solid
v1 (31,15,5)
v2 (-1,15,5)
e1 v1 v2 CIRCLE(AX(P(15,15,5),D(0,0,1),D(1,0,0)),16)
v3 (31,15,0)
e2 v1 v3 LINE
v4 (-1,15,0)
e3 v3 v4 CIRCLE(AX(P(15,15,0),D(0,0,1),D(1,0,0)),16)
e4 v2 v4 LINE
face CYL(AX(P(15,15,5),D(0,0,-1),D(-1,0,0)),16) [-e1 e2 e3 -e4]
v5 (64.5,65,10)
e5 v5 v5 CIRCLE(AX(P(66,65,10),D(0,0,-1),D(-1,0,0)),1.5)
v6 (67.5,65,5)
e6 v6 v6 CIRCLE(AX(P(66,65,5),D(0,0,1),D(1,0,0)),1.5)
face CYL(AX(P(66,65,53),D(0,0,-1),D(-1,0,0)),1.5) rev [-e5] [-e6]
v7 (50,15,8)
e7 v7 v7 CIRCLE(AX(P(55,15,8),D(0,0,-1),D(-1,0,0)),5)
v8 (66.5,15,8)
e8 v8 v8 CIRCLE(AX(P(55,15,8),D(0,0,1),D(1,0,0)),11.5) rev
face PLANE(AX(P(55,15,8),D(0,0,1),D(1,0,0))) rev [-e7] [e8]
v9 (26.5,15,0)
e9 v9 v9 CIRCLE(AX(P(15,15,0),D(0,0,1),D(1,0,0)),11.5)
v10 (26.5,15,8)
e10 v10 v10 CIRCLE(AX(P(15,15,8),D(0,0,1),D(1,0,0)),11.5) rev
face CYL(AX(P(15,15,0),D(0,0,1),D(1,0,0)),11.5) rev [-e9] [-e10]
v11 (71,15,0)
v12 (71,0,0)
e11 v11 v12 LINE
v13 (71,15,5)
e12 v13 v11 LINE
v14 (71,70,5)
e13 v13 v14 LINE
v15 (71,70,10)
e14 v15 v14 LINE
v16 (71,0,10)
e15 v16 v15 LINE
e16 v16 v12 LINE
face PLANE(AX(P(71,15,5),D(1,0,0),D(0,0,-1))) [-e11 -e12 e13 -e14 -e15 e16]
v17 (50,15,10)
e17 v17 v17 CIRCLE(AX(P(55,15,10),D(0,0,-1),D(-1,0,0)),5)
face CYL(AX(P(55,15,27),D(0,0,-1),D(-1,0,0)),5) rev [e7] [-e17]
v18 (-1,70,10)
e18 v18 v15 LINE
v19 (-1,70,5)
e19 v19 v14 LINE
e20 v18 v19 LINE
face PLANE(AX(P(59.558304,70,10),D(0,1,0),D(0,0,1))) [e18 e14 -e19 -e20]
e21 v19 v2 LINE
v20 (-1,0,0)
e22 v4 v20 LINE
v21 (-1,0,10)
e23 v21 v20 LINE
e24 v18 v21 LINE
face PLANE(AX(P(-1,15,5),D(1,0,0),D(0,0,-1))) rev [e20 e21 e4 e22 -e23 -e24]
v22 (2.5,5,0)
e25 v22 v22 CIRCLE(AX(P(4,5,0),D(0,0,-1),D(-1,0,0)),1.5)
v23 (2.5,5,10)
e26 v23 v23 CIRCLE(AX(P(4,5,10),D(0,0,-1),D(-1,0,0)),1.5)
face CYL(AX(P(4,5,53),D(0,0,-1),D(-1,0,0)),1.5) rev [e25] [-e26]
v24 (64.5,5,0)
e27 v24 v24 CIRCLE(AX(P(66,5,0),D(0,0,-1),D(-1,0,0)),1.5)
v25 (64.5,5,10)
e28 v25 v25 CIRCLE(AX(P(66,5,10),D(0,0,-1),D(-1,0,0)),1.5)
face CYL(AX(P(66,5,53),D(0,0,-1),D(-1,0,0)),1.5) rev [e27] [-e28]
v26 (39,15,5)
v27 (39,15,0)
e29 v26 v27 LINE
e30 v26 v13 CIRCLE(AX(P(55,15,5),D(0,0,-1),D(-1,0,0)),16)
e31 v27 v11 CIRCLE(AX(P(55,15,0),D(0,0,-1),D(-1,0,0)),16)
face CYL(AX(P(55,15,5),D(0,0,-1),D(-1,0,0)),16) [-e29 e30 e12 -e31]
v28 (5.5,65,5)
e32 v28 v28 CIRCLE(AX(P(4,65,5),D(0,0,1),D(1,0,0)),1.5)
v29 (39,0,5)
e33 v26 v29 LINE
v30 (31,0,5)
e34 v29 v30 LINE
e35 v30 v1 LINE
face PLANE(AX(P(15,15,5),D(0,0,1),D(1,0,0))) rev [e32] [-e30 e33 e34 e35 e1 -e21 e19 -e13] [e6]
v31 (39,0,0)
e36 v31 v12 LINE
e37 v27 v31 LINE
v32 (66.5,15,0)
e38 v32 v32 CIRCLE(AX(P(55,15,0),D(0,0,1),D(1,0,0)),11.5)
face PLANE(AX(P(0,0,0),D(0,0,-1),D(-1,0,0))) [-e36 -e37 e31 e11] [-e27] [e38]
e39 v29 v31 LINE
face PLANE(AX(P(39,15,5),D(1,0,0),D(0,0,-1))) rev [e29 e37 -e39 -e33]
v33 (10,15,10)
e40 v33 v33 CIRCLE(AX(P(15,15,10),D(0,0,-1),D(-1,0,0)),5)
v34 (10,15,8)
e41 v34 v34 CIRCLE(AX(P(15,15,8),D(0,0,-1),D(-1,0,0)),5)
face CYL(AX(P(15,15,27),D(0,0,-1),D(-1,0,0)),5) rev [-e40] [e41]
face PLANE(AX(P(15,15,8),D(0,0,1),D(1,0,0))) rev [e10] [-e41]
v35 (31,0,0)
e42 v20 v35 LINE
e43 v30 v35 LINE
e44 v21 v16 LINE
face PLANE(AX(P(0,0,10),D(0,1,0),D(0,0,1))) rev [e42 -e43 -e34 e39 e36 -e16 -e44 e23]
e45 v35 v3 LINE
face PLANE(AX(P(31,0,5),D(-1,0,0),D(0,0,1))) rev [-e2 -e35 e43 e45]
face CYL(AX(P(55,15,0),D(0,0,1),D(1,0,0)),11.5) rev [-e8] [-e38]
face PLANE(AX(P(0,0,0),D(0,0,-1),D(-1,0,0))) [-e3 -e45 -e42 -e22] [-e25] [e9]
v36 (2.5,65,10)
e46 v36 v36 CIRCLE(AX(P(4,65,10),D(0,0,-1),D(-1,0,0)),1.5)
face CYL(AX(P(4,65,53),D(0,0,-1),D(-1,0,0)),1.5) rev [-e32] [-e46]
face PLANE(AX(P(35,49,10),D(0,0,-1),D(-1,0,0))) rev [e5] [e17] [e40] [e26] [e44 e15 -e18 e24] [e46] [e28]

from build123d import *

# Parameters (mm, degrees)
SKETCH1_W               = 70
SKETCH1_H               = 70
BOSS_EXTRUDE1_DEPTH     = 10
SKETCH2_R               = 12
SKETCH2_R_2             = 2
SKETCH2_R_3             = 11.5
CUT_EXTRUDE1_DEPTH      = 10
SKETCH3_W               = 10
SKETCH3_H               = 70
BOSS_EXTRUDE2_DEPTH     = 15
SKETCH4_W               = 10
SKETCH4_H               = 70
BOSS_EXTRUDE3_DEPTH     = 15
SKETCH5_R               = 11.5
SKETCH5_R_2             = 4
BOSS_EXTRUDE4_DEPTH     = 2
SKETCH6_R               = 1.5
SKETCH6_R_2             = 1.648708122
CUT_EXTRUDE3_DEPTH      = 10
BOSS_EXTRUDE5_START     = -10
SKETCH7_R               = 11.986708095
SKETCH7_R_2             = 2
BOSS_EXTRUDE5_DEPTH     = 10
SKETCH8_R               = 12
CUT_EXTRUDE4_DEPTH      = 10
SKETCH9_R               = 2
CUT_EXTRUDE5_DEPTH      = 10
CUT_EXTRUDE7_DEPTH      = 5
SKETCH15_W              = 14
SKETCH15_H              = 70
CUT_EXTRUDE8_DEPTH      = 5
CUT_EXTRUDE9_DEPTH      = 19
CUT_EXTRUDE9_DEPTH_BACK = 48
SKETCH16_R              = 1.5
SKETCH17_R              = 5
CUT_EXTRUDE10_DEPTH     = 19
SKETCH18_W              = 44.558304453
SKETCH18_H              = 39
BOSS_EXTRUDE6_DEPTH     = 5


with BuildPart() as part:
    # Sketch1 → Boss-Extrude1 (new body)
    with BuildSketch(Plane.XY):
        with Locations((35, 35)):
            Rectangle(SKETCH1_W, SKETCH1_H)
    extrude(amount=BOSS_EXTRUDE1_DEPTH)

    # Sketch2 → Cut-Extrude1 (cut)
    with BuildSketch(Plane.XY.offset(10)):
        with Locations((35, 49)):
            Circle(SKETCH2_R)
        with Locations((19.5, 65)):
            Circle(SKETCH2_R_2)
        with Locations((50.5, 65)):
            Circle(SKETCH2_R_2)
        with Locations((19.5, 34)):
            Circle(SKETCH2_R_2)
        with Locations((50.5, 34)):
            Circle(SKETCH2_R_2)
        with Locations((15, 15)):
            Circle(SKETCH2_R_3)
        with Locations((55, 15)):
            Circle(SKETCH2_R_3)
    extrude(amount=-CUT_EXTRUDE1_DEPTH, mode=Mode.SUBTRACT)

    # Sketch3 → Boss-Extrude2 (add)
    with BuildSketch(Plane.ZY):
        with Locations((5, 35)):
            Rectangle(SKETCH3_W, SKETCH3_H)
    extrude(amount=BOSS_EXTRUDE2_DEPTH)

    # Sketch4 → Boss-Extrude3 (add)
    with BuildSketch(Plane(origin=(70, 0, 0), x_dir=(0, 0, -1), z_dir=(1, 0, 0))):
        with Locations((-5, 35)):
            Rectangle(SKETCH4_W, SKETCH4_H)
    extrude(amount=BOSS_EXTRUDE3_DEPTH)

    # Sketch5 → Boss-Extrude4 (add)
    # profile 1 of 2: a face of its own
    with BuildSketch(Plane.XY.offset(10)):
        with Locations((15, 15)):
            Circle(SKETCH5_R)
        with Locations((15, 15)):
            Circle(SKETCH5_R_2, mode=Mode.SUBTRACT)
    # profile 2 of 2: a face of its own
    with BuildSketch(Plane.XY.offset(10)):
        with Locations((55, 15)):
            Circle(SKETCH5_R)
        with Locations((55, 15)):
            Circle(SKETCH5_R_2, mode=Mode.SUBTRACT)
    extrude(amount=-BOSS_EXTRUDE4_DEPTH)

    # Sketch6 → Cut-Extrude3 (cut)
    with BuildSketch(Plane(origin=(0, 0, 0), x_dir=(-1, 0, 0), z_dir=(0, 0, -1))):
        with Locations((-80, 65)):
            Circle(SKETCH6_R)
        with Locations((-80, 5)):
            Circle(SKETCH6_R)
        with Locations((10, 65)):
            Circle(SKETCH6_R_2)
        with Locations((10, 5)):
            Circle(SKETCH6_R)
    extrude(amount=-CUT_EXTRUDE3_DEPTH, mode=Mode.SUBTRACT)

    # Sketch7 → Boss-Extrude5 (add)
    with BuildSketch(Plane(origin=(0, 0, 0), x_dir=(-1, 0, 0), z_dir=(0, 0, -1)).offset(BOSS_EXTRUDE5_START)):
        with Locations((-35, 49)):
            Circle(SKETCH7_R)
        with Locations((-50.5, 65)):
            Circle(SKETCH7_R_2)
        with Locations((-19.5, 65)):
            Circle(SKETCH7_R_2)
        with Locations((-19.5, 34)):
            Circle(SKETCH7_R_2)
        with Locations((-50.5, 34)):
            Circle(SKETCH7_R_2)
    extrude(amount=BOSS_EXTRUDE5_DEPTH)


with BuildPart() as boss_extrude5_piece_1:
    # of the separate pieces the step leaves, piece 1, a body of its own (boss_extrude5_pieces)
    add(part.part.solids().sort_by_distance((-15, 0, 0))[0])


with BuildPart() as boss_extrude5_piece_2:
    # of the separate pieces the step leaves, piece 2, a body of its own (boss_extrude5_pieces)
    add(part.part.solids().sort_by_distance((23.013291905, 49, 10))[0])


with BuildPart() as cut_extrude4_tool:
    # Sketch8 → Cut-Extrude4 (new body)
    with BuildSketch(Plane(origin=(0, 0, 0), x_dir=(-1, 0, 0), z_dir=(0, 0, -1))):
        with Locations((-33.928692494, 49)):
            Circle(SKETCH8_R)
    extrude(amount=-CUT_EXTRUDE4_DEPTH)


with BuildPart() as boss_extrude5_piece_1_1:
    add(boss_extrude5_piece_1.part)

    # Cut-Extrude4: cut by cut_extrude4_tool
    add(cut_extrude4_tool.part, mode=Mode.SUBTRACT)

    # Sketch9 → Cut-Extrude5 (cut)
    with BuildSketch(Plane(origin=(0, 0, 0), x_dir=(-1, 0, 0), z_dir=(0, 0, -1))):
        with Locations((-49.428692494, 64.5)):
            Circle(SKETCH9_R)
        with Locations((-49.428692494, 33.5)):
            Circle(SKETCH9_R)
        with Locations((-18.428692494, 33.5)):
            Circle(SKETCH9_R)
        with Locations((-18.428692494, 64.5)):
            Circle(SKETCH9_R)
    extrude(amount=-CUT_EXTRUDE5_DEPTH, mode=Mode.SUBTRACT)


with BuildPart() as boss_extrude5_piece_2_1:
    add(boss_extrude5_piece_2.part)

    # Cut-Extrude4: cut by cut_extrude4_tool
    add(cut_extrude4_tool.part, mode=Mode.SUBTRACT)


with BuildPart() as cut_extrude7_tool:
    # Sketch14 → Cut-Extrude7 (new body)
    with BuildSketch(Plane(origin=(0, 0, 0), x_dir=(-1, 0, 0), z_dir=(0, 0, -1))):
        with BuildLine():
            Line((-85, 0), (-85, 70))
            Line((-85, 70), (15, 70))
            Line((15, 70), (15, 0))
            Line((15, 0), (1, 0))
            Line((1, 0), (1, 15))
            ThreePointArc((1, 15), (-15, 31), (-31, 15))
            Line((-31, 15), (-31, 0))
            Line((-31, 0), (-39, 0))
            Line((-39, 0), (-39, 15))
            ThreePointArc((-39, 15), (-55, 31), (-71, 15))
            Line((-71, 15), (-71, 0))
            Line((-71, 0), (-85, 0))
        make_face()
    extrude(amount=-CUT_EXTRUDE7_DEPTH)


with BuildPart() as boss_extrude5_piece_1_2:
    add(boss_extrude5_piece_1_1.part)

    # Cut-Extrude7: cut by cut_extrude7_tool
    add(cut_extrude7_tool.part, mode=Mode.SUBTRACT)

    # Sketch15 → Cut-Extrude8 (cut)
    with BuildSketch(Plane(origin=(0, 0, 5), x_dir=(-1, 0, 0), z_dir=(0, 0, -1))):
        with Locations((-78, 35)):
            Rectangle(SKETCH15_W, SKETCH15_H)
        with Locations((8, 35)):
            Rectangle(SKETCH15_W, SKETCH15_H)
    extrude(amount=-CUT_EXTRUDE8_DEPTH, mode=Mode.SUBTRACT)

    # Sketch16 → Cut-Extrude9 (cut, two sides: drawn at the far end of the back side and taken through both)
    with BuildSketch(Plane(origin=(0, 0, 5), x_dir=(-1, 0, 0), z_dir=(0, 0, -1)).offset(-CUT_EXTRUDE9_DEPTH_BACK)):
        with Locations((-66, 65)):
            Circle(SKETCH16_R)
        with Locations((-66, 5)):
            Circle(SKETCH16_R)
        with Locations((-4, 5)):
            Circle(SKETCH16_R)
        with Locations((-4, 65)):
            Circle(SKETCH16_R)
    extrude(amount=CUT_EXTRUDE9_DEPTH + CUT_EXTRUDE9_DEPTH_BACK, mode=Mode.SUBTRACT)

    # Sketch17 → Cut-Extrude10 (cut)
    with BuildSketch(Plane(origin=(0, 0, 8), x_dir=(-1, 0, 0), z_dir=(0, 0, -1))):
        with Locations((-15, 15)):
            Circle(SKETCH17_R)
        with Locations((-55, 15)):
            Circle(SKETCH17_R)
    extrude(amount=-CUT_EXTRUDE10_DEPTH, mode=Mode.SUBTRACT)



with BuildPart() as boss_extrude5_piece_2_2:
    add(boss_extrude5_piece_2_1.part)

    # Cut-Extrude7: cut by cut_extrude7_tool
    add(cut_extrude7_tool.part, mode=Mode.SUBTRACT)


with BuildPart() as boss_extrude5_piece_1_3:
    add(boss_extrude5_piece_1_2.part)

    add(boss_extrude5_piece_2_2.part)  # Boss-Extrude6 merges Boss-Extrude5 piece 2
    # Sketch18 → Boss-Extrude6 (add)
    with BuildSketch(Plane(origin=(0, 0, 5), x_dir=(-1, 0, 0), z_dir=(0, 0, -1))):
        with Locations((-37.279152227, 50.5)):
            Rectangle(SKETCH18_W, SKETCH18_H)
    extrude(amount=-BOSS_EXTRUDE6_DEPTH)


solid = boss_extrude5_piece_1_3.part
